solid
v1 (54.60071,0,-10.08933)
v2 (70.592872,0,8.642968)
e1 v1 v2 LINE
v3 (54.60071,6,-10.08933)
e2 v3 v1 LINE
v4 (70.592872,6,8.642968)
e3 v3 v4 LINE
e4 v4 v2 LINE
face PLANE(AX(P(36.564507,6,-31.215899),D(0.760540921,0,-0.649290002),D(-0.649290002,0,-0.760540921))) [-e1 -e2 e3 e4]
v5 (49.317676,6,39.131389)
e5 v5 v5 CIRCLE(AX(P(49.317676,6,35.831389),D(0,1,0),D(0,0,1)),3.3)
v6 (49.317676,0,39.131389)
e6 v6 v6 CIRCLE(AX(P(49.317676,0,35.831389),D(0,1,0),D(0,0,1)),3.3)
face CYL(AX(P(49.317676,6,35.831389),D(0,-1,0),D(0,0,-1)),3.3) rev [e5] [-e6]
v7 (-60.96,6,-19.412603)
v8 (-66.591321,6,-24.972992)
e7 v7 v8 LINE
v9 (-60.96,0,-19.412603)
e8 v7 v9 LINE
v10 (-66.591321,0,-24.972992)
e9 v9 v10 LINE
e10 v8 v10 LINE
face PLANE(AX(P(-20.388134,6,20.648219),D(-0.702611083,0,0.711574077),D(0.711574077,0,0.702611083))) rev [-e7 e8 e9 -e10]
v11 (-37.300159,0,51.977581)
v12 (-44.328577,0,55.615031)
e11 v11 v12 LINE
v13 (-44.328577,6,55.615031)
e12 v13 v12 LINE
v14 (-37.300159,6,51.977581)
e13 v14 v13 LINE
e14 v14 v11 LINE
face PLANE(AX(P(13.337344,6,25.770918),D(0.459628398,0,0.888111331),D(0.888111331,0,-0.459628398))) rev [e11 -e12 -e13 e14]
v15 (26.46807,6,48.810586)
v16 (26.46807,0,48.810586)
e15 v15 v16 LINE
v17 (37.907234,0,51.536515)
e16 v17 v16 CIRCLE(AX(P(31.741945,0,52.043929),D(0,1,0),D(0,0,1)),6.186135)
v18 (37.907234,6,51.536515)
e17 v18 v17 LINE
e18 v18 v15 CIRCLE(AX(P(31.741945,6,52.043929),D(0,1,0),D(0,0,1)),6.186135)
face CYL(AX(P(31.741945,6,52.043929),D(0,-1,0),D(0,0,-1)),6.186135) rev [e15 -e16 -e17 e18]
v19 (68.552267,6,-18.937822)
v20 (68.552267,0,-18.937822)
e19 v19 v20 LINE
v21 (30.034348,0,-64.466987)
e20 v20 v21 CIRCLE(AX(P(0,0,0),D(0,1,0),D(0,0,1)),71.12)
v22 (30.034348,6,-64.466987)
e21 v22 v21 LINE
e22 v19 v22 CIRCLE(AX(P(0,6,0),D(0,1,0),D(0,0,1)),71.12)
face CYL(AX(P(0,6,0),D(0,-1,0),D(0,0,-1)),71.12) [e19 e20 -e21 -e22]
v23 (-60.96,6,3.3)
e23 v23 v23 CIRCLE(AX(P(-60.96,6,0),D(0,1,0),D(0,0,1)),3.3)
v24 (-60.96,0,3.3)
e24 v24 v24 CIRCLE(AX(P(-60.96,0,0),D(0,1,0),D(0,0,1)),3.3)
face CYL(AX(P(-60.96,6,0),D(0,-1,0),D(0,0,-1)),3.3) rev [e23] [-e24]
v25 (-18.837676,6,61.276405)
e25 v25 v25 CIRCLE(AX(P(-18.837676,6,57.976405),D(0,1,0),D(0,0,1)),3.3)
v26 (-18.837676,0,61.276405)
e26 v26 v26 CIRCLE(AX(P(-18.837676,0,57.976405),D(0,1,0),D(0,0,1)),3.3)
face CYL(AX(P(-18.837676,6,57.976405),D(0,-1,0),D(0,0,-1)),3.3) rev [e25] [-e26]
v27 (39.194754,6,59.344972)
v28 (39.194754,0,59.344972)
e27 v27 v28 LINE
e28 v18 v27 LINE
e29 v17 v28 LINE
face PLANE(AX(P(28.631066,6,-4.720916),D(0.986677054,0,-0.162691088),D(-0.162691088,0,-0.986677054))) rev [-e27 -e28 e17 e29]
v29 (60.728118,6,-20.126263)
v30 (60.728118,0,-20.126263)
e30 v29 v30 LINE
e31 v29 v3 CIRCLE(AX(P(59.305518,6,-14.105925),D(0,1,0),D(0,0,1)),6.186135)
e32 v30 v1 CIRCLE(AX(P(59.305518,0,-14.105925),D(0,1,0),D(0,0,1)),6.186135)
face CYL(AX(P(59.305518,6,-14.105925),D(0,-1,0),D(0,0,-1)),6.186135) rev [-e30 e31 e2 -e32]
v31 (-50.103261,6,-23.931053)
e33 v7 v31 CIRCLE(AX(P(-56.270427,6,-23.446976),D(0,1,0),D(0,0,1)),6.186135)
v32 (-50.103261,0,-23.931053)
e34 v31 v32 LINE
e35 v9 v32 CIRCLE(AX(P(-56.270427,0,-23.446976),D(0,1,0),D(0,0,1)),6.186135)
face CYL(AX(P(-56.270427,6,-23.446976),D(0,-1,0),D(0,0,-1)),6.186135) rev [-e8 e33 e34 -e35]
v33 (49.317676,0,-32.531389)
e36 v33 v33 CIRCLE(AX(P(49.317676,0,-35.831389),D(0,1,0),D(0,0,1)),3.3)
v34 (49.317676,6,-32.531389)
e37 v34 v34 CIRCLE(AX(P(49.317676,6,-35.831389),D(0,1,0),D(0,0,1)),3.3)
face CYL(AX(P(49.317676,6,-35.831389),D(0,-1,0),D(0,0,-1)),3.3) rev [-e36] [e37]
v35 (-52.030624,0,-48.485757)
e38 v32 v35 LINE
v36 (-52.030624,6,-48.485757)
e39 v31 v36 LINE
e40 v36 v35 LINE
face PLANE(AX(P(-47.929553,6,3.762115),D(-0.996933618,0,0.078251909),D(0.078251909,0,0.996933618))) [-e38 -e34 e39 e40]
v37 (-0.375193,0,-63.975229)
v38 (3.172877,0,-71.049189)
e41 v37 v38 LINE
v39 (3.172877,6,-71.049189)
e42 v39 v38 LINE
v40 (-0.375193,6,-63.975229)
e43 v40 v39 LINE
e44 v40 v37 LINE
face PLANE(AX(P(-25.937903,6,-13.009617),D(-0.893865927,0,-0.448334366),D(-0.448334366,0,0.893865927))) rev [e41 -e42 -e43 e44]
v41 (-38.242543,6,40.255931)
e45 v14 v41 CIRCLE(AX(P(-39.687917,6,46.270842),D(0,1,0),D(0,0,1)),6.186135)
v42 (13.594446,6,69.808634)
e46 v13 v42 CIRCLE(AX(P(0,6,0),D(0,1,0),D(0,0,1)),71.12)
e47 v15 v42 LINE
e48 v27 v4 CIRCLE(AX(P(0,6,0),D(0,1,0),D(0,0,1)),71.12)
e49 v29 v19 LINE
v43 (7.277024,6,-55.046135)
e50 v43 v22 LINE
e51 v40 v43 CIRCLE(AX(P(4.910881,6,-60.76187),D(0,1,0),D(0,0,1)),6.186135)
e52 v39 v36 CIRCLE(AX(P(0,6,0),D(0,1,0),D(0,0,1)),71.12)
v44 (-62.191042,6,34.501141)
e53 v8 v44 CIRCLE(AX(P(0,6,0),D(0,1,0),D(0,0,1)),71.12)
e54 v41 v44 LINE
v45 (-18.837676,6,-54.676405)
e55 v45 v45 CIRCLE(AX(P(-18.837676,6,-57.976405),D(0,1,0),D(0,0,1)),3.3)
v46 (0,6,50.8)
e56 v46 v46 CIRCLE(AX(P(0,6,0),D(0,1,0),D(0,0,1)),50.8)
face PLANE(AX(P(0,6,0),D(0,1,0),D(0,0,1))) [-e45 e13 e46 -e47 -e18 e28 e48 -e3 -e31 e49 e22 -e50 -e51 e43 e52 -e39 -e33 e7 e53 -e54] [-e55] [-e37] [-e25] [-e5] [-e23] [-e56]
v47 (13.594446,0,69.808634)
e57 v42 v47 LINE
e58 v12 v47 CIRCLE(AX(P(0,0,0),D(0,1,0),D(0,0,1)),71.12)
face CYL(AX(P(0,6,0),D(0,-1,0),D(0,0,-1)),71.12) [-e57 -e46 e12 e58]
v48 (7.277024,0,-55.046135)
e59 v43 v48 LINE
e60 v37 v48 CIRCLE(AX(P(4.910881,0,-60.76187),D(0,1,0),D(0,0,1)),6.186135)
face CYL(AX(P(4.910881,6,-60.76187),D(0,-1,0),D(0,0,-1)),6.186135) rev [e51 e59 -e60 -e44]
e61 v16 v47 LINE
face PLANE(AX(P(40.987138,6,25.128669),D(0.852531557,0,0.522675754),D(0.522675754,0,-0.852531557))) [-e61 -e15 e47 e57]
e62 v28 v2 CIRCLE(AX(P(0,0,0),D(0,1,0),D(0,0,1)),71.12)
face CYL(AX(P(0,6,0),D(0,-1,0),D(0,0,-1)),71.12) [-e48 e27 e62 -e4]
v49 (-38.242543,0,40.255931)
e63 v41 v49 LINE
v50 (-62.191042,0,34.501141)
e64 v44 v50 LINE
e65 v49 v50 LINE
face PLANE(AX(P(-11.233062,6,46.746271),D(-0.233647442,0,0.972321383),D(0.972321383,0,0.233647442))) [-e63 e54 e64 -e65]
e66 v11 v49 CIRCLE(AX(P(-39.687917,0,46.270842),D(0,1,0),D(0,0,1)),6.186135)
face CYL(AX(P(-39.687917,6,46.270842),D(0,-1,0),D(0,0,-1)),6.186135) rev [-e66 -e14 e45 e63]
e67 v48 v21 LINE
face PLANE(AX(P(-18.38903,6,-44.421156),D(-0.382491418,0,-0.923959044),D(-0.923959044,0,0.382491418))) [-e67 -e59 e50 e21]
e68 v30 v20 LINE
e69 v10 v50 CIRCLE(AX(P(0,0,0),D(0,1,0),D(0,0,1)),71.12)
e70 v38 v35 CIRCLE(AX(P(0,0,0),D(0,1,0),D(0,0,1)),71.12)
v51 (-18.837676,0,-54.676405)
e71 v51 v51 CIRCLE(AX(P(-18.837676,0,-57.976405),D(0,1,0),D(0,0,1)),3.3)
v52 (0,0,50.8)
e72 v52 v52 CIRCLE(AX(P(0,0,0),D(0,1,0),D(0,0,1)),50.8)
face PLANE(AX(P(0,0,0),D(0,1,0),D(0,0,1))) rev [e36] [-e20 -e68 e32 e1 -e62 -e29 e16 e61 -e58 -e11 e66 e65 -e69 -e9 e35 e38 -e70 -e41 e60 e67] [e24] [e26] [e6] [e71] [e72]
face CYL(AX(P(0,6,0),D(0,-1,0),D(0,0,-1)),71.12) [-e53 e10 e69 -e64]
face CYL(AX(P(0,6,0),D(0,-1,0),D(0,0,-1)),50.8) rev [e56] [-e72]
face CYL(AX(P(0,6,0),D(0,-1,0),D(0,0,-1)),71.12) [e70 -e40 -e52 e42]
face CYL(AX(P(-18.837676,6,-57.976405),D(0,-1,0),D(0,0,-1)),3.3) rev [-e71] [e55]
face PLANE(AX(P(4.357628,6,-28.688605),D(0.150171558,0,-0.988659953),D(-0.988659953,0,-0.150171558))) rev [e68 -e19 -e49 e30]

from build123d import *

# Parameters (mm, degrees)
SKETCH1_R           = 3.3
SKETCH1_R_2         = 50.8
BOSS_EXTRUDE1_DEPTH = 6


with BuildPart() as part:
    # Sketch1 → Boss-Extrude1 (new body)
    with BuildSketch(Plane(origin=(0, 0, 0), x_dir=(1, 0, 0), z_dir=(0, 1, 0))):
        with BuildLine():
            ThreePointArc((-50.084292244, 23.446975703), (-54.118923856, 17.647036419), (-60.96, 19.41260294))
            Line((-60.96, 19.41260294), (-66.591321273, 24.972992034))
            ThreePointArc((-66.591321273, 24.972992034), (-70.926140308, -5.247572863), (-62.191041695, -34.501141038))
            Line((-62.191041695, -34.501141038), (-38.242542673, -40.255931215))
            ThreePointArc((-38.242542673, -40.255931215), (-34.829443057, -42.441548483), (-33.501782647, -46.270842108))
            ThreePointArc((-33.501782647, -46.270842108), (-34.53819598, -49.698469864), (-37.300158502, -51.97758102))
            Line((-37.300158502, -51.97758102), (-44.328576757, -55.615031086))
            ThreePointArc((-44.328576757, -55.615031086), (-16.926644335, -69.07635711), (13.594446222, -69.808634365))
            Line((13.594446222, -69.808634365), (26.468070107, -48.810586278))
            ThreePointArc((26.468070107, -48.810586278), (33.175934652, -46.026293541), (37.90723426, -51.536514664))
            Line((37.90723426, -51.536514664), (39.194754164, -59.344971531))
            ThreePointArc((39.194754164, -59.344971531), (60.464898794, -37.44396365), (70.592871518, -8.642967708))
            Line((70.592871518, -8.642967708), (54.600709616, 10.089329884))
            ThreePointArc((54.600709616, 10.089329884), (54.025534005, 17.329281943), (60.728117694, 20.126263296))
            Line((60.728117694, 20.126263296), (68.552267011, 18.937821619))
            ThreePointArc((68.552267011, 18.937821619), (54.296006916, 45.9347149), (30.03434774, 64.466986558))
            Line((30.03434774, 64.466986558), (7.277024245, 55.04613507))
            ThreePointArc((7.277024245, 55.04613507), (0.213681623, 56.736378783), (-0.375193452, 63.975229447))
            Line((-0.375193452, 63.975229447), (3.172876855, 71.049188964))
            ThreePointArc((3.172876855, 71.049188964), (-26.908121067, 65.833178722), (-52.030623785, 48.485756553))
            Line((-52.030623785, 48.485756553), (-50.103261295, 23.931052539))
            ThreePointArc((-50.103261295, 23.931052539), (-50.089036326, 23.68919988), (-50.084292244, 23.446975703))
        make_face()
        with Locations(Location((-18.837675977, -57.976405233, 0), (0, 0, 270))):
            Circle(SKETCH1_R, mode=Mode.SUBTRACT)
        with Locations(Location((-60.96, 0, 0), (0, 0, 270))):
            Circle(SKETCH1_R, mode=Mode.SUBTRACT)
        with Locations(Location((49.317675977, -35.83138898, 0), (0, 0, 270))):
            Circle(SKETCH1_R, mode=Mode.SUBTRACT)
        with Locations(Location((-18.837675977, 57.976405233, 0), (0, 0, 270))):
            Circle(SKETCH1_R, mode=Mode.SUBTRACT)
        with Locations(Location((0, 0, 0), (0, 0, 270))):
            Circle(SKETCH1_R_2, mode=Mode.SUBTRACT)
        with Locations(Location((49.317675977, 35.83138898, 0), (0, 0, 270))):
            Circle(SKETCH1_R, mode=Mode.SUBTRACT)
    extrude(amount=BOSS_EXTRUDE1_DEPTH)


solid = part.part
